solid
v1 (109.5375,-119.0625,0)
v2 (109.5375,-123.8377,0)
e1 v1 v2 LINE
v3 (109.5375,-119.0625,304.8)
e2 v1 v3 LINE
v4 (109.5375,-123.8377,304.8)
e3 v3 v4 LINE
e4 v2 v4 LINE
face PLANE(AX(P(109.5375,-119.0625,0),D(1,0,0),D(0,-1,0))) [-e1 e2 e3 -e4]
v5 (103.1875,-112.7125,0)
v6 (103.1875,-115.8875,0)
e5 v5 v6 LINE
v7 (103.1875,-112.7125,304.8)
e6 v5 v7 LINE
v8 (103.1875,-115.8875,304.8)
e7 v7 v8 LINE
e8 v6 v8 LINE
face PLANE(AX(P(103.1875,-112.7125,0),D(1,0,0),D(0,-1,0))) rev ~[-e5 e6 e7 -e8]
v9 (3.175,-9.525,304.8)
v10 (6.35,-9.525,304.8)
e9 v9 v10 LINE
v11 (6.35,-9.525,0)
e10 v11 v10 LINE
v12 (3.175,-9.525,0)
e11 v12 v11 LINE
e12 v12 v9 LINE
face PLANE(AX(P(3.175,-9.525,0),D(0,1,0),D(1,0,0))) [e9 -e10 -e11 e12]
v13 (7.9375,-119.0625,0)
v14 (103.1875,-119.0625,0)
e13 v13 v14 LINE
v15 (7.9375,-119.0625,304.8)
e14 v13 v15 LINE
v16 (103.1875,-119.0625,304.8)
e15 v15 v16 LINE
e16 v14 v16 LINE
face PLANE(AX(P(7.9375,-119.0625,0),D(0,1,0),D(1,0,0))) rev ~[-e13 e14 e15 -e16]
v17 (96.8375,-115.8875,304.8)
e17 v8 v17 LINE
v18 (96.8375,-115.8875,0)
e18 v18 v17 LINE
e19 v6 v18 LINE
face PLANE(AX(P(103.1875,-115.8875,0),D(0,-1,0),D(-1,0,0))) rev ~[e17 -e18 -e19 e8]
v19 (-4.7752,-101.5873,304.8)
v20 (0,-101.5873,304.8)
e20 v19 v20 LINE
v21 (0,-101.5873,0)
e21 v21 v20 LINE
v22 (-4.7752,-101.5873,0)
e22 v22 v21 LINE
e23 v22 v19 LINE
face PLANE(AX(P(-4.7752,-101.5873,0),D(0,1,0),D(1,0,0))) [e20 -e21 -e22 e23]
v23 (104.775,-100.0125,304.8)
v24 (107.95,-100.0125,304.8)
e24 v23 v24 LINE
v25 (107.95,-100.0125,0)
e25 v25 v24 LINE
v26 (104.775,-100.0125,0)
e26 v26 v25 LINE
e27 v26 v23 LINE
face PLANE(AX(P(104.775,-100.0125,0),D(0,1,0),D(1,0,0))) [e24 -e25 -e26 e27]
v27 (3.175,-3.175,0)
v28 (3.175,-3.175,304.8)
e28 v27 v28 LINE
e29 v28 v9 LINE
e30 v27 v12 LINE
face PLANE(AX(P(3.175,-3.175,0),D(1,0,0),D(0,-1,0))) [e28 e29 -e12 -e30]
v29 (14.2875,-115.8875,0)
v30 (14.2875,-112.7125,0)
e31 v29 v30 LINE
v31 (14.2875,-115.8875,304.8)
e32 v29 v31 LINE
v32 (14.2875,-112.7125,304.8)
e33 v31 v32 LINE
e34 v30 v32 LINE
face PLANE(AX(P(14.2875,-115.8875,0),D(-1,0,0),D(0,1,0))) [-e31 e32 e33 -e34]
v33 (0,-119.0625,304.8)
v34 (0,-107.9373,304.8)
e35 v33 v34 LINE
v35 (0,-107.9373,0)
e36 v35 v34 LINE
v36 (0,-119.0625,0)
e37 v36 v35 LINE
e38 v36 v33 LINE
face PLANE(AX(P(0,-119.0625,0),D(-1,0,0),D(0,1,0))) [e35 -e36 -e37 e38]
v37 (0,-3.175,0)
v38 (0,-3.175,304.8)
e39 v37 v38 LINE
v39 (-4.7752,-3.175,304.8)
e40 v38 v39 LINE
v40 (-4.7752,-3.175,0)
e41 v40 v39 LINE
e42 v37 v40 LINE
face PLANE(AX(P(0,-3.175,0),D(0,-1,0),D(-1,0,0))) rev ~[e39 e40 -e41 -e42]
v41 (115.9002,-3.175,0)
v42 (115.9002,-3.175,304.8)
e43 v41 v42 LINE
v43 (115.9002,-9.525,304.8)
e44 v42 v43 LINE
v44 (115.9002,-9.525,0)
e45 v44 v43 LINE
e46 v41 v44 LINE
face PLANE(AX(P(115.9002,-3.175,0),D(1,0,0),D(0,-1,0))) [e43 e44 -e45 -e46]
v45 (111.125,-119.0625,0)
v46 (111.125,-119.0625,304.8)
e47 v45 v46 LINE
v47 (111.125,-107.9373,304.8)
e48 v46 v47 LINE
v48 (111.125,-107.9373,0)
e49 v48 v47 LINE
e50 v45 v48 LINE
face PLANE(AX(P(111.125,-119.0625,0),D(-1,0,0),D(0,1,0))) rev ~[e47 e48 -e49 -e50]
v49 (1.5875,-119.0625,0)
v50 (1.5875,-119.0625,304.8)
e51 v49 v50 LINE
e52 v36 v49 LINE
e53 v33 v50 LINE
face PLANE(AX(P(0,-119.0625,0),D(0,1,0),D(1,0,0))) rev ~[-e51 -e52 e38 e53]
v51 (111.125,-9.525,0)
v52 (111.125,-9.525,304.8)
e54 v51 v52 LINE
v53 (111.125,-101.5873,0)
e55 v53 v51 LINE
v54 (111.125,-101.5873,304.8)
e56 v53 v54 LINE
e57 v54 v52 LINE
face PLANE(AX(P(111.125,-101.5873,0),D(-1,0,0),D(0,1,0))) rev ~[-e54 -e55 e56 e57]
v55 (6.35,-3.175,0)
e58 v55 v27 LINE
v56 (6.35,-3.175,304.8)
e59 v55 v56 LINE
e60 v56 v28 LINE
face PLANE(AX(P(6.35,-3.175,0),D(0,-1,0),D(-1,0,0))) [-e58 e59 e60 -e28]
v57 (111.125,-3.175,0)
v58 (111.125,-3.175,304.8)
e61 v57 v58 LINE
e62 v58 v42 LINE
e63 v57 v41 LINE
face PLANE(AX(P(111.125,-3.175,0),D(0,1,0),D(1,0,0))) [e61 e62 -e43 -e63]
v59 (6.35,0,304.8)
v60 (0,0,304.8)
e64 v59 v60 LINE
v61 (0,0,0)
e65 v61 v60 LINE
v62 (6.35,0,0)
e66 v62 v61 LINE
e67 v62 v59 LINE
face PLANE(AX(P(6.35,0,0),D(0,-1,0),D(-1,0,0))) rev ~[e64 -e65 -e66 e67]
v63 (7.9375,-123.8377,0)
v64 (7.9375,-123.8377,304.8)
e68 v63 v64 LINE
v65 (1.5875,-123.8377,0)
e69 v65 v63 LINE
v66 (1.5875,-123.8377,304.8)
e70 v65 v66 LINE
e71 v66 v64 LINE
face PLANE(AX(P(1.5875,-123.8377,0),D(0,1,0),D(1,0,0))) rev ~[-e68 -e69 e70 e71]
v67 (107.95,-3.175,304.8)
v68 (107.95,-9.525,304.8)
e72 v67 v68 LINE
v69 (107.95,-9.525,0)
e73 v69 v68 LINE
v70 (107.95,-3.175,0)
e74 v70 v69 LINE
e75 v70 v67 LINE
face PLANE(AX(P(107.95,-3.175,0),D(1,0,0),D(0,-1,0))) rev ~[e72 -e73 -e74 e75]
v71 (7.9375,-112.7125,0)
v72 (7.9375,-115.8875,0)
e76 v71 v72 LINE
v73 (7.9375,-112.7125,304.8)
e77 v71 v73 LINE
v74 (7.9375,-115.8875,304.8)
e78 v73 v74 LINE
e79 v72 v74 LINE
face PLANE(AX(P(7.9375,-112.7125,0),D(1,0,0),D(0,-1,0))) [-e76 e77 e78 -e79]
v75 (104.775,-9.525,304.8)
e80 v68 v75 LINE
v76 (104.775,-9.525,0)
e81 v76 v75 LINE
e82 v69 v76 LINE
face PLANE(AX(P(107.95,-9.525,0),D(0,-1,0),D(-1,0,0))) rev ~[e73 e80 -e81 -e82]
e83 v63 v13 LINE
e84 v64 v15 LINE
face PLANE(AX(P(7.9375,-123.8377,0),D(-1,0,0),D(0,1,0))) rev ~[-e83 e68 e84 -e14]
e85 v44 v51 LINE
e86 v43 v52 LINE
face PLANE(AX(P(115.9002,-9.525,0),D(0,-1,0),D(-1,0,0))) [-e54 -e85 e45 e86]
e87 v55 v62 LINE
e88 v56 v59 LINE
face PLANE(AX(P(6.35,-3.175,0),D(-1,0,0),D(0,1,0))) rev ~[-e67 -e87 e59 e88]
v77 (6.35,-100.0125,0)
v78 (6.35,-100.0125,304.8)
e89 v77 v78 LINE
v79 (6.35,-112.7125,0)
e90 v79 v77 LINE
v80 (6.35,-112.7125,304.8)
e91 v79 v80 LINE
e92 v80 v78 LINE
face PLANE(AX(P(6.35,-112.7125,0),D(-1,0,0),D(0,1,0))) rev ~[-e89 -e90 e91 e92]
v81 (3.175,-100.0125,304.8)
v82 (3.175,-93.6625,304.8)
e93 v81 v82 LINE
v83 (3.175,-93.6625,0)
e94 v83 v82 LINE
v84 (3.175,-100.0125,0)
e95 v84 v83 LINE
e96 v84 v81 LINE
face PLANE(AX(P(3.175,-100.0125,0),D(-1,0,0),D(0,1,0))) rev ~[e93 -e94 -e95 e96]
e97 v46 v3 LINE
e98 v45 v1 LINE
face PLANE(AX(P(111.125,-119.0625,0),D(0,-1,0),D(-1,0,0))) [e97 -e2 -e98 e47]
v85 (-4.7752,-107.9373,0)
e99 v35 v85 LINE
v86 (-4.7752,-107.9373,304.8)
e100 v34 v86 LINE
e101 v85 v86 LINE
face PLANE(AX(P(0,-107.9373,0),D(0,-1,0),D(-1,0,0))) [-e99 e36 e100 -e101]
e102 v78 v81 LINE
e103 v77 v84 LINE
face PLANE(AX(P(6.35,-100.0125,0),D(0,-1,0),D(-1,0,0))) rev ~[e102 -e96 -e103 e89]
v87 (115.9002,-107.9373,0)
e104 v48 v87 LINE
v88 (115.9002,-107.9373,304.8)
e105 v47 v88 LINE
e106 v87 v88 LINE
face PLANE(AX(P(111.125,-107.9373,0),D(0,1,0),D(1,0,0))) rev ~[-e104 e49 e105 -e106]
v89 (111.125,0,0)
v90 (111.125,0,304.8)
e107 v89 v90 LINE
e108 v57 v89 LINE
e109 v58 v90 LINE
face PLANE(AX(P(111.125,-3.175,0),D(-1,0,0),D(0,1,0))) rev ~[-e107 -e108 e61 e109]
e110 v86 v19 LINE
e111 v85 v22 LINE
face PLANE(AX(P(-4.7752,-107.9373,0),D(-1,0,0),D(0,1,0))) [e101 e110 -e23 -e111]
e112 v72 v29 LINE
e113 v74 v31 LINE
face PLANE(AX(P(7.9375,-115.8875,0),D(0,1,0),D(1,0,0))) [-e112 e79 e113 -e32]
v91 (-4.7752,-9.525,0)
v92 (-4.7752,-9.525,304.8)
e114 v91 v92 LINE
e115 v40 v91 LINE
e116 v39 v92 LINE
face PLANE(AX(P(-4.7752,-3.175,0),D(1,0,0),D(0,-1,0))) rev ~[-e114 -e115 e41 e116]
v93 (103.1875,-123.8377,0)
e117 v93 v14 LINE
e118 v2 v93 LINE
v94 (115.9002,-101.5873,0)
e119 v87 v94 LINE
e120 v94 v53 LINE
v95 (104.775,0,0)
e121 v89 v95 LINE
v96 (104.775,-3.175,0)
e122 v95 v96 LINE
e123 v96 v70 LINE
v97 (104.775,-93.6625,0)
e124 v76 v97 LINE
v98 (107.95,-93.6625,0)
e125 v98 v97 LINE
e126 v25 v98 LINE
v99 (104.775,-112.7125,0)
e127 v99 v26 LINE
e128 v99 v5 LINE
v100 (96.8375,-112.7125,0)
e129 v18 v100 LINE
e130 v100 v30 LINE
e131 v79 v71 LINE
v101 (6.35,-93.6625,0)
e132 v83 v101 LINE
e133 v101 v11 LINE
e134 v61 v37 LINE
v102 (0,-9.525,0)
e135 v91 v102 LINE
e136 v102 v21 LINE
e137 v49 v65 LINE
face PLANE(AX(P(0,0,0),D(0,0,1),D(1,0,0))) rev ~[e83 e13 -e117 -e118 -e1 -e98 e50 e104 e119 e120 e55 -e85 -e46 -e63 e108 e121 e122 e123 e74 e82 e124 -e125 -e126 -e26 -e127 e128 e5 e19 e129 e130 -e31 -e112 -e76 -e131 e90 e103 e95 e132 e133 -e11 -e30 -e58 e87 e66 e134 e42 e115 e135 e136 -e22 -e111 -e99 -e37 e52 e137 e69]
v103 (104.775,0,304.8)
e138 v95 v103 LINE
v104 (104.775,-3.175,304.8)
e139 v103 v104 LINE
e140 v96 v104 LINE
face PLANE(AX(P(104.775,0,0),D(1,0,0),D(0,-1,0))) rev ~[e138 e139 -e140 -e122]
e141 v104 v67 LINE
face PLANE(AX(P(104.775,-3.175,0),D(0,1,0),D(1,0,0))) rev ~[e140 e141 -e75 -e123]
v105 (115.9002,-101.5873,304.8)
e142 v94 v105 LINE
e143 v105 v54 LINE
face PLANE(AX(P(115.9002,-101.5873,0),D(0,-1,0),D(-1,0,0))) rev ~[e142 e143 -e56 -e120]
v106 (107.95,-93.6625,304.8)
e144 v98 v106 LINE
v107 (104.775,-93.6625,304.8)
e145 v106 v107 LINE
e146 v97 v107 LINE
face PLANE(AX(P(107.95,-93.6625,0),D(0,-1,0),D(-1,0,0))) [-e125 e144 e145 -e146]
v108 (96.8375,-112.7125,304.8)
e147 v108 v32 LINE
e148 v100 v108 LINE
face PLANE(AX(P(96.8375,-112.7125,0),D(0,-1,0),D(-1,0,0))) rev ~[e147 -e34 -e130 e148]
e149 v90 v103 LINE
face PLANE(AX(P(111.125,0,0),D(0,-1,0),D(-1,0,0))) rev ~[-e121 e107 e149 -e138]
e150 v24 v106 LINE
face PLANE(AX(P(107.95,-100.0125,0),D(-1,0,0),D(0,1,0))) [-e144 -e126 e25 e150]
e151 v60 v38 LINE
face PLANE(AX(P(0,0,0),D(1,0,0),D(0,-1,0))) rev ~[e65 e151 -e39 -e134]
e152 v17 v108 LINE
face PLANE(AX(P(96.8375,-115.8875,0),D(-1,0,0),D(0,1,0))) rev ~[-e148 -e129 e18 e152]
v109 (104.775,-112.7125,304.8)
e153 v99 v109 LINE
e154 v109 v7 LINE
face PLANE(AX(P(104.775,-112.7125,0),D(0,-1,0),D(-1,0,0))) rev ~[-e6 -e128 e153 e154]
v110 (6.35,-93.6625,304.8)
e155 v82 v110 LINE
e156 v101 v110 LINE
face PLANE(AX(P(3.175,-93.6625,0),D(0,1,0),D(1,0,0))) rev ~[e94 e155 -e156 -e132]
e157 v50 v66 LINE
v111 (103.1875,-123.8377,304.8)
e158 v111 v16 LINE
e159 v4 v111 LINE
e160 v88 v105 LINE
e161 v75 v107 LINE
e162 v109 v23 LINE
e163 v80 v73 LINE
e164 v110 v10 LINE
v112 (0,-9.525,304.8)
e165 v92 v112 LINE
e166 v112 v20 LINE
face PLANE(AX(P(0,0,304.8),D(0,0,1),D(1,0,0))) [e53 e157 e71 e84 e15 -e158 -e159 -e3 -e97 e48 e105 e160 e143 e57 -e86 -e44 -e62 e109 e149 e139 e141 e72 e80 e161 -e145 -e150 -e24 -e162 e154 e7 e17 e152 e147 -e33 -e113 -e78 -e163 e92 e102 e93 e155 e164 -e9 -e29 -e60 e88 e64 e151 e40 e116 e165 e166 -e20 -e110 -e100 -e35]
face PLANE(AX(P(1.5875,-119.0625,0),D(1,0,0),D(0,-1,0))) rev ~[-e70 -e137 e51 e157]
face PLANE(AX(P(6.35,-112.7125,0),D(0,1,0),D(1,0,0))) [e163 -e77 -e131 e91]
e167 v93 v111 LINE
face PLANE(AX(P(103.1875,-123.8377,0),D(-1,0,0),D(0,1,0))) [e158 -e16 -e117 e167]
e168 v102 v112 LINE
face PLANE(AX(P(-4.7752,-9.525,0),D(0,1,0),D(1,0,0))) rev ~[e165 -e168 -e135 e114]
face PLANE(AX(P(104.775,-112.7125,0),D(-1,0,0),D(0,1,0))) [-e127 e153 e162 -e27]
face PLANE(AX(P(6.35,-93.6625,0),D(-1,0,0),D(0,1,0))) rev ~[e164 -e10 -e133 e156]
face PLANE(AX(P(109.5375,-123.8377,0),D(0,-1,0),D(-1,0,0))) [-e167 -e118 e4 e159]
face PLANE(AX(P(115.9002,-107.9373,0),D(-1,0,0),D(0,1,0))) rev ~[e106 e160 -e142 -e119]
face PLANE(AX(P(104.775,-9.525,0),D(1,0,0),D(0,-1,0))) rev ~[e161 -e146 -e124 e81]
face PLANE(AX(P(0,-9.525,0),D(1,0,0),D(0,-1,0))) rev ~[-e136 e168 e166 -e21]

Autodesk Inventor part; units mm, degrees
ref_plane "YZ Plane" through (0, 0, 0) normal (1, 0, 0) x (0, 1, 0)
ref_plane "XZ Plane" through (0, 0, 0) normal (0, 1, 0) x (-1, 0, 0)
ref_plane "XY Plane" through (0, 0, 0) normal (0, 0, 1) x (1, 0, 0)
sketch "Sketch1" plane through (0, 0, 0) normal (0, 0, 1) x (1, 0, 0)
  line L0 (111.125, 0) -> (104.775, 0)
  line L1 (6.35, 0) -> (0, 0)
  line L2 (0, 0) -> (0, -3.175)
  line L3 (0, -3.175) -> (-4.7752, -3.175)
  line L4 (-4.7752, -3.175) -> (-4.7752, -9.525)
  line L5 (-4.7752, -9.525) -> (0, -9.525)
  line L6 (0, -119.0625) -> (0, -107.9373)
  line L7 (0, -107.9373) -> (-4.7752, -107.9373)
  line L8 (-4.7752, -107.9373) -> (-4.7752, -101.5873)
  line L9 (-4.7752, -101.5873) -> (0, -101.5873)
  line L10 (0, -119.0625) -> (1.5875, -119.0625)
  line L11 (1.5875, -119.0625) -> (1.5875, -123.8377)
  line L12 (1.5875, -123.8377) -> (7.9375, -123.8377)
  line L13 (7.9375, -123.8377) -> (7.9375, -119.0625)
  line L14 (0, 0) -> (0, -3.175)
  line L15 (0, -9.525) -> (0, -101.5873)
  line L16 (0, -107.9373) -> (0, -119.0625)
  line L17 (0, -119.0625) -> (1.5875, -119.0625)
  line L18 (111.125, -3.175) -> (115.9002, -3.175)
  line L19 (115.9002, -3.175) -> (115.9002, -9.525)
  line L20 (115.9002, -9.525) -> (111.125, -9.525)
  line L21 (111.125, -3.175) -> (111.125, 0)
  line L22 (111.125, -107.9373) -> (115.9002, -107.9373)
  line L23 (115.9002, -107.9373) -> (115.9002, -101.5873)
  line L24 (115.9002, -101.5873) -> (111.125, -101.5873)
  line L25 (111.125, -119.0625) -> (111.125, -107.9373)
  line L26 (111.125, -101.5873) -> (111.125, -9.525)
  line L27 (111.125, -119.0625) -> (109.5375, -119.0625)
  line L28 (109.5375, -119.0625) -> (109.5375, -123.8377)
  line L29 (109.5375, -123.8377) -> (103.1875, -123.8377)
  line L30 (103.1875, -123.8377) -> (103.1875, -119.0625)
  line L31 (7.9375, -119.0625) -> (103.1875, -119.0625)
  line L32 (109.5375, -119.0625) -> (111.125, -119.0625)
  line L33 (6.35, -3.175) -> (3.175, -3.175)
  line L34 (3.175, -3.175) -> (3.175, -9.525)
  line L35 (3.175, -9.525) -> (6.35, -9.525)
  line L36 (6.35, -3.175) -> (6.35, 0)
  line L37 (104.775, -3.175) -> (107.95, -3.175)
  line L38 (107.95, -3.175) -> (107.95, -9.525)
  line L39 (107.95, -9.525) -> (104.775, -9.525)
  line L40 (104.775, 0) -> (104.775, -3.175)
  line L41 (6.35, -112.7125) -> (6.35, -100.0125)
  line L42 (6.35, -100.0125) -> (3.175, -100.0125)
  line L43 (3.175, -100.0125) -> (3.175, -93.6625)
  line L44 (3.175, -93.6625) -> (6.35, -93.6625)
  line L45 (6.35, -112.7125) -> (6.35, -100.0125)
  line L46 (6.35, -93.6625) -> (6.35, -9.525)
  line L47 (6.35, -112.7125) -> (7.9375, -112.7125)
  line L48 (7.9375, -112.7125) -> (7.9375, -115.8875)
  line L49 (7.9375, -115.8875) -> (14.2875, -115.8875)
  line L50 (14.2875, -115.8875) -> (14.2875, -112.7125)
  line L51 (7.9375, -112.7125) -> (6.35, -112.7125)
  line L52 (104.775, -112.7125) -> (103.1875, -112.7125)
  line L53 (103.1875, -112.7125) -> (103.1875, -115.8875)
  line L54 (103.1875, -115.8875) -> (96.8375, -115.8875)
  line L55 (96.8375, -115.8875) -> (96.8375, -112.7125)
  line L56 (104.775, -112.7125) -> (103.1875, -112.7125)
  line L57 (96.8375, -112.7125) -> (14.2875, -112.7125)
  line L58 (104.775, -112.7125) -> (104.775, -100.0125)
  line L59 (104.775, -100.0125) -> (107.95, -100.0125)
  line L60 (107.95, -100.0125) -> (107.95, -93.6625)
  line L61 (107.95, -93.6625) -> (104.775, -93.6625)
  line L62 (104.775, -9.525) -> (104.775, -93.6625)
  line L63 (104.775, -100.0125) -> (104.775, -112.7125)
  dimension "d0" = 119.0625
  dimension "d1" = 111.125
  dimension "d2" = 6.35
  dimension "d3" = 112.7125
  dimension "d4" = 98.425
  dimension "d7" = 119.0625
  dimension "d10" = 3.175
  dimension "d11" = 4.7752
  dimension "d12" = 6.35
  dimension "d13" = 11.1252
  dimension "d14" = 4.7752
  dimension "d15" = 6.35
  dimension "d16" = 1.5875
  dimension "d17" = 4.7752
  dimension "d18" = 6.35
  dimension "d19" = 4.7752
  dimension "d20" = 4.7752
  dimension "d21" = 1.5875
  dimension "d22" = 6.35
  dimension "d24" = 3.175
  dimension "d25" = 3.175
  dimension "d26" = 12.7
  dimension "d27" = 6.35
  dimension "d28" = 1.5875
  dimension "d29" = 3.175
  dimension "d30" = 6.35
  dimension "d31" = 1.5875
  dimension "d32" = 6.35
  dimension "d33" = 12.7
  dimension "d34" = 6.35
extrude "Extrusion1" add sketch "Sketch1" along normal blind 304.8
properties part number "CompactSlidePart2" material "Aluminum 6061"
